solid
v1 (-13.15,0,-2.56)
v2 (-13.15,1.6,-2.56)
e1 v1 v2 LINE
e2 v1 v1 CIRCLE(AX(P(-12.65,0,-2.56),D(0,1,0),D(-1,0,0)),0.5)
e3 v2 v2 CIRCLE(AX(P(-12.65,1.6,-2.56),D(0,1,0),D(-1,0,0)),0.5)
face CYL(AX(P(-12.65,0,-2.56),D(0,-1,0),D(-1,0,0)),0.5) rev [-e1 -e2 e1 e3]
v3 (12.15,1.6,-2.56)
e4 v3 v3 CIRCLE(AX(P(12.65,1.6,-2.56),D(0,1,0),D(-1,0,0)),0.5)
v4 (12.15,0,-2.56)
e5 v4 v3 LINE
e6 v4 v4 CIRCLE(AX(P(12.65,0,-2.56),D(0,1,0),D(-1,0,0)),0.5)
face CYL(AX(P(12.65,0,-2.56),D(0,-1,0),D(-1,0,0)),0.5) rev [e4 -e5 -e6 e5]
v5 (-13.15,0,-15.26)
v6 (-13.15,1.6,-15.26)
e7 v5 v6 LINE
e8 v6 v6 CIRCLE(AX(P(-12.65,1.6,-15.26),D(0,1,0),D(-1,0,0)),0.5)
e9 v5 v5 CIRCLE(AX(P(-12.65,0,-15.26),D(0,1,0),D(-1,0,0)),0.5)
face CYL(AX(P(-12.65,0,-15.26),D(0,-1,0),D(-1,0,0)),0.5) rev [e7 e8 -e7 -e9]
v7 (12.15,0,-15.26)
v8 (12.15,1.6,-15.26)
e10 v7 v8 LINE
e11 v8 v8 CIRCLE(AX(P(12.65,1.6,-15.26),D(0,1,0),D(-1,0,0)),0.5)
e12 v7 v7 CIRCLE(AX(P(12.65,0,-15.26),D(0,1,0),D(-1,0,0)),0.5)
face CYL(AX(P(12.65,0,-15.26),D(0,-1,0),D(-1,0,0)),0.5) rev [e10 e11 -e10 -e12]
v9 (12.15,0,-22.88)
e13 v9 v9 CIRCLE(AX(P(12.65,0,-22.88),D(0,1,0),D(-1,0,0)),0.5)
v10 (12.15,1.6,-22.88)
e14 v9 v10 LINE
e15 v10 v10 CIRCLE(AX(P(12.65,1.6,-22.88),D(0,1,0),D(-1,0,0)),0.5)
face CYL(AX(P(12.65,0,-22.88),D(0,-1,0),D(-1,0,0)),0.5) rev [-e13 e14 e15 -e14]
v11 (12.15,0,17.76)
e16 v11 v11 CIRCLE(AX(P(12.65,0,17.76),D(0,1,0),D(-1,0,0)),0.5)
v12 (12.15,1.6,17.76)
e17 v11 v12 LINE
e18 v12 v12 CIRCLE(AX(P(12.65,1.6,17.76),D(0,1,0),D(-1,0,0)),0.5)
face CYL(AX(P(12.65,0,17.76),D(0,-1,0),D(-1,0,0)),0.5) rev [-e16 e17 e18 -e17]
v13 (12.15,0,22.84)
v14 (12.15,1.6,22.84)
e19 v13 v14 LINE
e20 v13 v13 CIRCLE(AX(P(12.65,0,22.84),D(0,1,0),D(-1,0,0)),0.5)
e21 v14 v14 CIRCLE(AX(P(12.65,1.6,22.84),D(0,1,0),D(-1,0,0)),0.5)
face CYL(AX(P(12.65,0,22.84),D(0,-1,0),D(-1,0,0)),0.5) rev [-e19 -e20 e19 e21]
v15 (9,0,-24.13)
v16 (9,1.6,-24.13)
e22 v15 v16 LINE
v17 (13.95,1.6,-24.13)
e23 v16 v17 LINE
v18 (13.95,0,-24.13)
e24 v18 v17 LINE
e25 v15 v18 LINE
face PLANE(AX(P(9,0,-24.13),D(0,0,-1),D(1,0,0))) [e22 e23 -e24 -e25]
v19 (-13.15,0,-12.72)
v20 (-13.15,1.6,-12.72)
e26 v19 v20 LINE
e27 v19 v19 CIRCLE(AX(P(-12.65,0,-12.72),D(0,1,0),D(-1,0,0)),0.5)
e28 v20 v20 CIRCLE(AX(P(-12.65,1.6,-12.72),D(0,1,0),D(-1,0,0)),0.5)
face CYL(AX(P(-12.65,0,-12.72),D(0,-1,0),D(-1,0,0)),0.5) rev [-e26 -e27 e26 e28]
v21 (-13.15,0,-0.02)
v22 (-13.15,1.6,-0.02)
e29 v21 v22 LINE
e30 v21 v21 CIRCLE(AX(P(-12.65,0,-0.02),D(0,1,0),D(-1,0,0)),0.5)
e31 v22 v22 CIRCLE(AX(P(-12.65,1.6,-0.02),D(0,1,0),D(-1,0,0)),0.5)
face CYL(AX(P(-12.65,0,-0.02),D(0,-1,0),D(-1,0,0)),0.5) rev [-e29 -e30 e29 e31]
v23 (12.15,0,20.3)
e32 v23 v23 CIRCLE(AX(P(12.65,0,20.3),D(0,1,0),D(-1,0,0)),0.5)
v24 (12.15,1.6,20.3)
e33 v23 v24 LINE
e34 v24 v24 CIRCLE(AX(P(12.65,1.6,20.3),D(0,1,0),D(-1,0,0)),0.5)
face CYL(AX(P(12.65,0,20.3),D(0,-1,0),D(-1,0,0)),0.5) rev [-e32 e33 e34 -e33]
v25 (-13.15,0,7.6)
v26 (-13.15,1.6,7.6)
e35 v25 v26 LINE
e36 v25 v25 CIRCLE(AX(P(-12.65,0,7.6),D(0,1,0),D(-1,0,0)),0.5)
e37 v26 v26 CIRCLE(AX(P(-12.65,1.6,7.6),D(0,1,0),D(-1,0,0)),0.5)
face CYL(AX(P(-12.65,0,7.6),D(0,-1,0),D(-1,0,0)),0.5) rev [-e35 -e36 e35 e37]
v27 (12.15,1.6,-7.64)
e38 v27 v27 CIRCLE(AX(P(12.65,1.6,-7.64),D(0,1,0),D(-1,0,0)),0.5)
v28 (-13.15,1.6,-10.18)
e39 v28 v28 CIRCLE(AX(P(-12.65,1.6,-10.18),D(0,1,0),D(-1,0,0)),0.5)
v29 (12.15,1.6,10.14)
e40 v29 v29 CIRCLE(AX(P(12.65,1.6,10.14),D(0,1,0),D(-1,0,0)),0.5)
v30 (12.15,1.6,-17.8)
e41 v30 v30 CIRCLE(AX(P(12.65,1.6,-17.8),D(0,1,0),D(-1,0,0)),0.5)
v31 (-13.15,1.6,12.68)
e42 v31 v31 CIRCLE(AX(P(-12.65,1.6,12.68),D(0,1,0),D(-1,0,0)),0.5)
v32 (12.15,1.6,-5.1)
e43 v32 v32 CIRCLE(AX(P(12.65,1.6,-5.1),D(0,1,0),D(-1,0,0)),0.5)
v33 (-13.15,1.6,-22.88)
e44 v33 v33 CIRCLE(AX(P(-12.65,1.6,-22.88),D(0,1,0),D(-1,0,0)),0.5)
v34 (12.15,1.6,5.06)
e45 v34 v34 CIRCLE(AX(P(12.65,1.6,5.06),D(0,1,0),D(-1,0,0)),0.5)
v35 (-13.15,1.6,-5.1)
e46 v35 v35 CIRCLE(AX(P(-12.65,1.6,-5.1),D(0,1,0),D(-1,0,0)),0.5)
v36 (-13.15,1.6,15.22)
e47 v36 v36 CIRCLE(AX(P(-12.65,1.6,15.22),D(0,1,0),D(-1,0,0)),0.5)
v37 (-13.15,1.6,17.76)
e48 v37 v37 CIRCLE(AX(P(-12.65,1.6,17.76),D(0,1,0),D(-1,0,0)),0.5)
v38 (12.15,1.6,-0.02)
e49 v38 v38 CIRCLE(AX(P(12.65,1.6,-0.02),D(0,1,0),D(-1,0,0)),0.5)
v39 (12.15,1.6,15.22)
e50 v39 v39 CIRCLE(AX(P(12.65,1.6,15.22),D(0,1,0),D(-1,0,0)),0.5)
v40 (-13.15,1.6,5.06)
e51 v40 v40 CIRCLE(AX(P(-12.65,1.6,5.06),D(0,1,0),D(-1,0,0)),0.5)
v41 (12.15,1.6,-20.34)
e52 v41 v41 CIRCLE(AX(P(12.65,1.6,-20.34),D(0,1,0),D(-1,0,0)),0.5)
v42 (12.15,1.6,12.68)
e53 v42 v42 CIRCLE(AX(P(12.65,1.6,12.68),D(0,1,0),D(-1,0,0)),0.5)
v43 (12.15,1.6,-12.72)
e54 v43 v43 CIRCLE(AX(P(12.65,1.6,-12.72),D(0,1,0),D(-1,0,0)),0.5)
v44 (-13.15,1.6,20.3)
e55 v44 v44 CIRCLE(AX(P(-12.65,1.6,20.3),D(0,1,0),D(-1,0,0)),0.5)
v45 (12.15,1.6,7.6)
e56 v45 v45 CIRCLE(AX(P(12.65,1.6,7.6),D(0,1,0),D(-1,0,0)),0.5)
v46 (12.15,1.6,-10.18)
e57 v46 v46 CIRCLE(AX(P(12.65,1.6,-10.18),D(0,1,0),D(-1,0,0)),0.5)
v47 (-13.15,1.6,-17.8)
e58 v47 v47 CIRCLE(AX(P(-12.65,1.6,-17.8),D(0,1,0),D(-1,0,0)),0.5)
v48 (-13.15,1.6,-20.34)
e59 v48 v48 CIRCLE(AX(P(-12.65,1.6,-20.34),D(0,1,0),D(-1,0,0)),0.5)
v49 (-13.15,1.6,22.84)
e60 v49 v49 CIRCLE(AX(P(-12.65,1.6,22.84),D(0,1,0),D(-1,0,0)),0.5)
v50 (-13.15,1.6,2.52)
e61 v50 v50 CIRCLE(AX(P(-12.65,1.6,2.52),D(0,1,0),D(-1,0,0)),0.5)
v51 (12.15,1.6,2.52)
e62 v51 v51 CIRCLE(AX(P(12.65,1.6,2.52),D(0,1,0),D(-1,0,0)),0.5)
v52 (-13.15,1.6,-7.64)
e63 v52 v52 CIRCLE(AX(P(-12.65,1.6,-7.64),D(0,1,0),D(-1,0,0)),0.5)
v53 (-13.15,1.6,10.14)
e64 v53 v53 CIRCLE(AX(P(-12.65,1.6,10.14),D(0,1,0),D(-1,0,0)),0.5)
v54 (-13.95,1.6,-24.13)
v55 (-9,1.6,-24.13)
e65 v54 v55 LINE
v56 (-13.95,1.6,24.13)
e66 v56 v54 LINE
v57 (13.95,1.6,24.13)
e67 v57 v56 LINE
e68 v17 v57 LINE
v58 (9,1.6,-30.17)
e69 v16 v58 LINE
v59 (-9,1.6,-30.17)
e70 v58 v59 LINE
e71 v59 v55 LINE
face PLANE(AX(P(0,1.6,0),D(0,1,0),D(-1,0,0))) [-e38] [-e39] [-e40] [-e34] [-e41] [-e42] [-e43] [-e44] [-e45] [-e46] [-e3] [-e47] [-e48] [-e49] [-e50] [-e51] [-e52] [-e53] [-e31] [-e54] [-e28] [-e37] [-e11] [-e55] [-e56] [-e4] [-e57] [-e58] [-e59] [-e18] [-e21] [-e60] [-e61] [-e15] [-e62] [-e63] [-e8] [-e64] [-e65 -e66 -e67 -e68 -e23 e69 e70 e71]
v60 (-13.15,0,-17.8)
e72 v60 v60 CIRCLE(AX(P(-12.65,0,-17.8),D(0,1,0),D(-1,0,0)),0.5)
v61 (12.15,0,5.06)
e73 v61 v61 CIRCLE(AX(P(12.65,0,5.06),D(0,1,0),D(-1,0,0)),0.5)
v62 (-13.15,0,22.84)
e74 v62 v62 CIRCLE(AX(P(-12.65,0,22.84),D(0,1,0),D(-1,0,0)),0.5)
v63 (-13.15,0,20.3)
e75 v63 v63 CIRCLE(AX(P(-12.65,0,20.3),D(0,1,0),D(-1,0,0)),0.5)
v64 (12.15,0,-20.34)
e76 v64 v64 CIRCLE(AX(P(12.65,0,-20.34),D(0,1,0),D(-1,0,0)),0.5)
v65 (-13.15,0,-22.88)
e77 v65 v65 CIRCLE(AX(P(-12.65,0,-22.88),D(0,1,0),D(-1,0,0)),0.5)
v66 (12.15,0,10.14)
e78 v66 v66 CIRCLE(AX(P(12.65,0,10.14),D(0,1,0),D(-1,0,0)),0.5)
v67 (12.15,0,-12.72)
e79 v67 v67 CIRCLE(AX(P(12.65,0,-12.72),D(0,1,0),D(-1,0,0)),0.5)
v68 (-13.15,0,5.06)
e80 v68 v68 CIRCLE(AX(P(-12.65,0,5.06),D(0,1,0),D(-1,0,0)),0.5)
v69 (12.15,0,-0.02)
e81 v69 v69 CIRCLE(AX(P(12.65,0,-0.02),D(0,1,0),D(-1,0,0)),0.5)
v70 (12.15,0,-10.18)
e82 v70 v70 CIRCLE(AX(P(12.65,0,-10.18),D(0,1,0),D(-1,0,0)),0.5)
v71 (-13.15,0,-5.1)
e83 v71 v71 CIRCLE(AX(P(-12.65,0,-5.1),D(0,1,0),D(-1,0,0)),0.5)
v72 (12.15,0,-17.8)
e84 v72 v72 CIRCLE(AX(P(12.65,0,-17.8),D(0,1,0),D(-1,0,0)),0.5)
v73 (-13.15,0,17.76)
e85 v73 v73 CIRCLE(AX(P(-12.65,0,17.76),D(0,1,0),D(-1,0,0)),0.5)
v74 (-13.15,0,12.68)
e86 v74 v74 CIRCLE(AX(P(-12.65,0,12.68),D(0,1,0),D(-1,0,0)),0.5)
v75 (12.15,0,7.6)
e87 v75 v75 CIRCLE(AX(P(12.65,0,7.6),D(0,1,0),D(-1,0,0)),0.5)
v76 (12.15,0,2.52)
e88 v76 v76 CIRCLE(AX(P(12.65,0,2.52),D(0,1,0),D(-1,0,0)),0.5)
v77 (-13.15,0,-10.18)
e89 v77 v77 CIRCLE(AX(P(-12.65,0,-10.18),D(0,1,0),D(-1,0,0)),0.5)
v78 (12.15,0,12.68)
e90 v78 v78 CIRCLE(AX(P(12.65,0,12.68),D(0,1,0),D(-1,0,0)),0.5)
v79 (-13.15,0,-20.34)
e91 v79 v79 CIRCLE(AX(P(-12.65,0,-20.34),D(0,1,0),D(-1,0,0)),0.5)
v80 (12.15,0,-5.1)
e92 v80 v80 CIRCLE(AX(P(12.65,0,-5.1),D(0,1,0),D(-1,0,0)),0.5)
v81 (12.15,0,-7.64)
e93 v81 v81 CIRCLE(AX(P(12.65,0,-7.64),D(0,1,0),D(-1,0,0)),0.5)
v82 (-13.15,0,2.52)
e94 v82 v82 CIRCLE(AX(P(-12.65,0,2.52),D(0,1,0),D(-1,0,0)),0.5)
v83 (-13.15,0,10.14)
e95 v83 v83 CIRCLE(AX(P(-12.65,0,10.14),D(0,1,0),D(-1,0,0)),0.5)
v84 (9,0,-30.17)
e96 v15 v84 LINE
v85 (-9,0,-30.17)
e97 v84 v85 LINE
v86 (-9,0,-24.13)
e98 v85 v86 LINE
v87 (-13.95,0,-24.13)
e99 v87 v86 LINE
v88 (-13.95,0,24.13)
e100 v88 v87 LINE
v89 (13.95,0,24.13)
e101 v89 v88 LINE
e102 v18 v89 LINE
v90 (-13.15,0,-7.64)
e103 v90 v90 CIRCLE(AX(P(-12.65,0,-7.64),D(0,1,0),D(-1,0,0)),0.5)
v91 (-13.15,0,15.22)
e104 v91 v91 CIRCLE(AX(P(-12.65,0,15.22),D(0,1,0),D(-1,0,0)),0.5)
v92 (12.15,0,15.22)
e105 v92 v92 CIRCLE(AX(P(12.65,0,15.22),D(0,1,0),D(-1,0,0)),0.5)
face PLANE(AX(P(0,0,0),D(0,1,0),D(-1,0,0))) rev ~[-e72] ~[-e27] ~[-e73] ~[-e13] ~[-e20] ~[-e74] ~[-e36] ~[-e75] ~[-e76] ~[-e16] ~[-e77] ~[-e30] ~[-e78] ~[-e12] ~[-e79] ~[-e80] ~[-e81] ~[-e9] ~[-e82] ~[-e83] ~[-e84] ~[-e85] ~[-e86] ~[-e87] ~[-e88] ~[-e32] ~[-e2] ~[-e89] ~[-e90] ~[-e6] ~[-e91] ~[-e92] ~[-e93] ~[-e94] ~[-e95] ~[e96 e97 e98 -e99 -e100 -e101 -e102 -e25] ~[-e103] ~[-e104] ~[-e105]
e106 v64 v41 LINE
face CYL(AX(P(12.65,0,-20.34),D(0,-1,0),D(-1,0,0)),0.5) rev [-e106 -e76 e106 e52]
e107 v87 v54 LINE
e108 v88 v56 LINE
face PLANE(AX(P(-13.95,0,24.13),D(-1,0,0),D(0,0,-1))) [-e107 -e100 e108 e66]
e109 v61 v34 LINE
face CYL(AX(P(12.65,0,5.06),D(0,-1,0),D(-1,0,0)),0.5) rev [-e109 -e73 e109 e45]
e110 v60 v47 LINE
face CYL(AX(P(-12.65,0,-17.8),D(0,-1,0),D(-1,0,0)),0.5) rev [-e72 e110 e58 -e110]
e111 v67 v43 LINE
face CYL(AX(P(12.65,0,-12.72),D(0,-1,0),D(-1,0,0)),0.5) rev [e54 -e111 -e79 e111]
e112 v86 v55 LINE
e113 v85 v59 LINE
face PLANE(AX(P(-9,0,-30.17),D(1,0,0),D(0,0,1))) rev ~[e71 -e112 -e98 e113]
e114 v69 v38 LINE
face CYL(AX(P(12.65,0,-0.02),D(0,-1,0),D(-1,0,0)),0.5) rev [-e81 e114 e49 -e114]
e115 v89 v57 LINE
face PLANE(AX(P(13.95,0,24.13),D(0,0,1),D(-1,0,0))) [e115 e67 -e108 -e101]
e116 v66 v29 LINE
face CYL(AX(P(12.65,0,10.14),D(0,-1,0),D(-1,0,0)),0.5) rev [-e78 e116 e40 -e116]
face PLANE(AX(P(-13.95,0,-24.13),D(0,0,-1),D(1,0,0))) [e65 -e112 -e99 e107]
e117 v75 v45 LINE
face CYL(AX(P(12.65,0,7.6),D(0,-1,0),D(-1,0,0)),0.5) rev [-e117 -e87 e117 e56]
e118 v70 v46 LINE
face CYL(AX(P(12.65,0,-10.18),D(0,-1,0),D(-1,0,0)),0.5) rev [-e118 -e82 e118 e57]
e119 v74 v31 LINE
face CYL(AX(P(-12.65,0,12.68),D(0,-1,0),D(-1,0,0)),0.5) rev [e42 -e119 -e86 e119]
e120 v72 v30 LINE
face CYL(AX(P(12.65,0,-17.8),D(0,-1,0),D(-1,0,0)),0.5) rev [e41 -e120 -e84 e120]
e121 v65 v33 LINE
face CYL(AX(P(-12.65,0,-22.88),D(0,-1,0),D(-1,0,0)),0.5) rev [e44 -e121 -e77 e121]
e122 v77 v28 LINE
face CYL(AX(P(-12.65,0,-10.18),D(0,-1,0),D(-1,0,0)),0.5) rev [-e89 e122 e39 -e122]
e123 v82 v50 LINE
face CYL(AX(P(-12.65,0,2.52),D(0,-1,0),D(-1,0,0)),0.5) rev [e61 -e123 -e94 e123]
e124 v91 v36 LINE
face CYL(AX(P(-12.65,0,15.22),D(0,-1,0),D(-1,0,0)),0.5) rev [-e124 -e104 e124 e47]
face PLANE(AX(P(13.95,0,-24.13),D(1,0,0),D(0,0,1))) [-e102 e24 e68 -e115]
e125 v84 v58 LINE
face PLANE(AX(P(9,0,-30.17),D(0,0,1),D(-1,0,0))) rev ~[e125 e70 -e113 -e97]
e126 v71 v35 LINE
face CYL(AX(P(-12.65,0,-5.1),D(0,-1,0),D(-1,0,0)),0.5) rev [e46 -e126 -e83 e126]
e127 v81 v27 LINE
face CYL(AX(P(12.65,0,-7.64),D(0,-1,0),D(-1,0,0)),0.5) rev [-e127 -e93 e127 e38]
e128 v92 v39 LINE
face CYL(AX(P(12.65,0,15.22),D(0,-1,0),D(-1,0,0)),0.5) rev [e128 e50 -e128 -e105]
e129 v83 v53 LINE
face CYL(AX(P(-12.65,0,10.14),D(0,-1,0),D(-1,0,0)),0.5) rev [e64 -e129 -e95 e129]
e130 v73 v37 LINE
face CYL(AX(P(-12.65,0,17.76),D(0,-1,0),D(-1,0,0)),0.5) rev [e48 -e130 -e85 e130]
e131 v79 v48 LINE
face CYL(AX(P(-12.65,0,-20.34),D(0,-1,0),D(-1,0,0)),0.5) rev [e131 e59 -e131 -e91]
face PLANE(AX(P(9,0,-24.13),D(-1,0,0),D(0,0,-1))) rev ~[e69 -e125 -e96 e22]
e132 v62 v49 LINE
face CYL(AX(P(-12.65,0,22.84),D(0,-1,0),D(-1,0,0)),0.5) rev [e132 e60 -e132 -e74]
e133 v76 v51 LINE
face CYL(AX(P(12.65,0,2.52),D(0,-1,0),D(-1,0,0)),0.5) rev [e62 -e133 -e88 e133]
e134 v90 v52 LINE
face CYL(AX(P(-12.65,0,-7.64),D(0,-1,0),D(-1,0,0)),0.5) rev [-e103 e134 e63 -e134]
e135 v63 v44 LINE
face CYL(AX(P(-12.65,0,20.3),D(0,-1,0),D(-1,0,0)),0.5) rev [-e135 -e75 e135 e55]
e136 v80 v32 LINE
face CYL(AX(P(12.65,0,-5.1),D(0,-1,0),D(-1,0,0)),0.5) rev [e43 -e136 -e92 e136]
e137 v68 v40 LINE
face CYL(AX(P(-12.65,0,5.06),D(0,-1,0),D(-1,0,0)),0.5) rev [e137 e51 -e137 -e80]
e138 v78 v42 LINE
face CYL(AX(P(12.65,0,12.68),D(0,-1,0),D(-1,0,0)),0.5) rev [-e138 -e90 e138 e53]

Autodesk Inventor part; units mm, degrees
ref_plane "YZ Plane" through (0, 0, 0) normal (1, 0, 0) x (0, 1, 0)
ref_plane "XZ Plane" through (0, 0, 0) normal (0, 1, 0) x (-1, 0, 0)
ref_plane "XY Plane" through (0, 0, 0) normal (0, 0, 1) x (1, 0, 0)
sketch "Sketch1" plane through (0, 0, 0) normal (0, 1, 0) x (-1, 0, 0)
  line L0 (13.95, -24.13) -> (-13.95, -24.13)
  line L1 (-13.95, -24.13) -> (-13.95, 24.13)
  line L2 (-13.95, 24.13) -> (13.95, 24.13)
  line L3 (13.95, 24.13) -> (13.95, -24.13)
  line L4 (13.95, -24.13) -> (-13.95, 24.13) construction
  line L5 (-13.95, -24.13) -> (13.95, 24.13) construction
  line L6 (9, -24.13) -> (-9, -24.13)
  line L7 (-9, -24.13) -> (-9, -30.17)
  line L8 (-9, -30.17) -> (9, -30.17)
  line L9 (9, -30.17) -> (9, -24.13)
  circle A0 centre (12.65, 22.84) radius 0.5
  circle A1 centre (12.65, 20.3) radius 0.5
  circle A2 centre (12.65, 17.76) radius 0.5
  circle A3 centre (12.65, 15.22) radius 0.5
  circle A4 centre (12.65, 12.68) radius 0.5
  circle A5 centre (12.65, 10.14) radius 0.5
  circle A6 centre (12.65, 7.6) radius 0.5
  circle A7 centre (12.65, 5.06) radius 0.5
  circle A8 centre (12.65, 2.52) radius 0.5
  circle A9 centre (12.65, -0.02) radius 0.5
  circle A10 centre (12.65, -2.56) radius 0.5
  circle A11 centre (12.65, -5.1) radius 0.5
  circle A12 centre (12.65, -7.64) radius 0.5
  circle A13 centre (12.65, -10.18) radius 0.5
  circle A14 centre (12.65, -12.72) radius 0.5
  circle A15 centre (12.65, -15.26) radius 0.5
  circle A16 centre (12.65, -17.8) radius 0.5
  circle A17 centre (12.65, -20.34) radius 0.5
  circle A18 centre (12.65, -22.88) radius 0.5
  circle A19 centre (-12.65, 22.84) radius 0.5
  circle A20 centre (-12.65, 20.3) radius 0.5
  circle A21 centre (-12.65, 17.76) radius 0.5
  circle A22 centre (-12.65, 15.22) radius 0.5
  circle A23 centre (-12.65, 12.68) radius 0.5
  circle A24 centre (-12.65, 10.14) radius 0.5
  circle A25 centre (-12.65, 7.6) radius 0.5
  circle A26 centre (-12.65, 5.06) radius 0.5
  circle A27 centre (-12.65, 2.52) radius 0.5
  circle A28 centre (-12.65, -0.02) radius 0.5
  circle A29 centre (-12.65, -2.56) radius 0.5
  circle A30 centre (-12.65, -5.1) radius 0.5
  circle A31 centre (-12.65, -7.64) radius 0.5
  circle A32 centre (-12.65, -10.18) radius 0.5
  circle A33 centre (-12.65, -12.72) radius 0.5
  circle A34 centre (-12.65, -15.26) radius 0.5
  circle A35 centre (-12.65, -17.8) radius 0.5
  circle A36 centre (-12.65, -20.34) radius 0.5
  circle A37 centre (-12.65, -22.88) radius 0.5
  point P0 (0, 0)
  dimension "d6" = 27.9
  dimension "d7" = 48.26
  dimension "d8" = 18
  dimension "d9" = 6.04
  dimension "d10" = 9
  dimension "d11" = 1
  dimension "d12" = 1.29
  dimension "d13" = 1.3
  dimension "d16" = 2.54
  dimension "d21" = 1
  dimension "d22" = 1.29
  dimension "d23" = 1.3
  dimension "d26" = 2.54
extrude "Extrusion1" add sketch "Sketch1" along normal blind 1.6
properties part number "esp32-devkitc-v4" material "Fiberglass Batt"
